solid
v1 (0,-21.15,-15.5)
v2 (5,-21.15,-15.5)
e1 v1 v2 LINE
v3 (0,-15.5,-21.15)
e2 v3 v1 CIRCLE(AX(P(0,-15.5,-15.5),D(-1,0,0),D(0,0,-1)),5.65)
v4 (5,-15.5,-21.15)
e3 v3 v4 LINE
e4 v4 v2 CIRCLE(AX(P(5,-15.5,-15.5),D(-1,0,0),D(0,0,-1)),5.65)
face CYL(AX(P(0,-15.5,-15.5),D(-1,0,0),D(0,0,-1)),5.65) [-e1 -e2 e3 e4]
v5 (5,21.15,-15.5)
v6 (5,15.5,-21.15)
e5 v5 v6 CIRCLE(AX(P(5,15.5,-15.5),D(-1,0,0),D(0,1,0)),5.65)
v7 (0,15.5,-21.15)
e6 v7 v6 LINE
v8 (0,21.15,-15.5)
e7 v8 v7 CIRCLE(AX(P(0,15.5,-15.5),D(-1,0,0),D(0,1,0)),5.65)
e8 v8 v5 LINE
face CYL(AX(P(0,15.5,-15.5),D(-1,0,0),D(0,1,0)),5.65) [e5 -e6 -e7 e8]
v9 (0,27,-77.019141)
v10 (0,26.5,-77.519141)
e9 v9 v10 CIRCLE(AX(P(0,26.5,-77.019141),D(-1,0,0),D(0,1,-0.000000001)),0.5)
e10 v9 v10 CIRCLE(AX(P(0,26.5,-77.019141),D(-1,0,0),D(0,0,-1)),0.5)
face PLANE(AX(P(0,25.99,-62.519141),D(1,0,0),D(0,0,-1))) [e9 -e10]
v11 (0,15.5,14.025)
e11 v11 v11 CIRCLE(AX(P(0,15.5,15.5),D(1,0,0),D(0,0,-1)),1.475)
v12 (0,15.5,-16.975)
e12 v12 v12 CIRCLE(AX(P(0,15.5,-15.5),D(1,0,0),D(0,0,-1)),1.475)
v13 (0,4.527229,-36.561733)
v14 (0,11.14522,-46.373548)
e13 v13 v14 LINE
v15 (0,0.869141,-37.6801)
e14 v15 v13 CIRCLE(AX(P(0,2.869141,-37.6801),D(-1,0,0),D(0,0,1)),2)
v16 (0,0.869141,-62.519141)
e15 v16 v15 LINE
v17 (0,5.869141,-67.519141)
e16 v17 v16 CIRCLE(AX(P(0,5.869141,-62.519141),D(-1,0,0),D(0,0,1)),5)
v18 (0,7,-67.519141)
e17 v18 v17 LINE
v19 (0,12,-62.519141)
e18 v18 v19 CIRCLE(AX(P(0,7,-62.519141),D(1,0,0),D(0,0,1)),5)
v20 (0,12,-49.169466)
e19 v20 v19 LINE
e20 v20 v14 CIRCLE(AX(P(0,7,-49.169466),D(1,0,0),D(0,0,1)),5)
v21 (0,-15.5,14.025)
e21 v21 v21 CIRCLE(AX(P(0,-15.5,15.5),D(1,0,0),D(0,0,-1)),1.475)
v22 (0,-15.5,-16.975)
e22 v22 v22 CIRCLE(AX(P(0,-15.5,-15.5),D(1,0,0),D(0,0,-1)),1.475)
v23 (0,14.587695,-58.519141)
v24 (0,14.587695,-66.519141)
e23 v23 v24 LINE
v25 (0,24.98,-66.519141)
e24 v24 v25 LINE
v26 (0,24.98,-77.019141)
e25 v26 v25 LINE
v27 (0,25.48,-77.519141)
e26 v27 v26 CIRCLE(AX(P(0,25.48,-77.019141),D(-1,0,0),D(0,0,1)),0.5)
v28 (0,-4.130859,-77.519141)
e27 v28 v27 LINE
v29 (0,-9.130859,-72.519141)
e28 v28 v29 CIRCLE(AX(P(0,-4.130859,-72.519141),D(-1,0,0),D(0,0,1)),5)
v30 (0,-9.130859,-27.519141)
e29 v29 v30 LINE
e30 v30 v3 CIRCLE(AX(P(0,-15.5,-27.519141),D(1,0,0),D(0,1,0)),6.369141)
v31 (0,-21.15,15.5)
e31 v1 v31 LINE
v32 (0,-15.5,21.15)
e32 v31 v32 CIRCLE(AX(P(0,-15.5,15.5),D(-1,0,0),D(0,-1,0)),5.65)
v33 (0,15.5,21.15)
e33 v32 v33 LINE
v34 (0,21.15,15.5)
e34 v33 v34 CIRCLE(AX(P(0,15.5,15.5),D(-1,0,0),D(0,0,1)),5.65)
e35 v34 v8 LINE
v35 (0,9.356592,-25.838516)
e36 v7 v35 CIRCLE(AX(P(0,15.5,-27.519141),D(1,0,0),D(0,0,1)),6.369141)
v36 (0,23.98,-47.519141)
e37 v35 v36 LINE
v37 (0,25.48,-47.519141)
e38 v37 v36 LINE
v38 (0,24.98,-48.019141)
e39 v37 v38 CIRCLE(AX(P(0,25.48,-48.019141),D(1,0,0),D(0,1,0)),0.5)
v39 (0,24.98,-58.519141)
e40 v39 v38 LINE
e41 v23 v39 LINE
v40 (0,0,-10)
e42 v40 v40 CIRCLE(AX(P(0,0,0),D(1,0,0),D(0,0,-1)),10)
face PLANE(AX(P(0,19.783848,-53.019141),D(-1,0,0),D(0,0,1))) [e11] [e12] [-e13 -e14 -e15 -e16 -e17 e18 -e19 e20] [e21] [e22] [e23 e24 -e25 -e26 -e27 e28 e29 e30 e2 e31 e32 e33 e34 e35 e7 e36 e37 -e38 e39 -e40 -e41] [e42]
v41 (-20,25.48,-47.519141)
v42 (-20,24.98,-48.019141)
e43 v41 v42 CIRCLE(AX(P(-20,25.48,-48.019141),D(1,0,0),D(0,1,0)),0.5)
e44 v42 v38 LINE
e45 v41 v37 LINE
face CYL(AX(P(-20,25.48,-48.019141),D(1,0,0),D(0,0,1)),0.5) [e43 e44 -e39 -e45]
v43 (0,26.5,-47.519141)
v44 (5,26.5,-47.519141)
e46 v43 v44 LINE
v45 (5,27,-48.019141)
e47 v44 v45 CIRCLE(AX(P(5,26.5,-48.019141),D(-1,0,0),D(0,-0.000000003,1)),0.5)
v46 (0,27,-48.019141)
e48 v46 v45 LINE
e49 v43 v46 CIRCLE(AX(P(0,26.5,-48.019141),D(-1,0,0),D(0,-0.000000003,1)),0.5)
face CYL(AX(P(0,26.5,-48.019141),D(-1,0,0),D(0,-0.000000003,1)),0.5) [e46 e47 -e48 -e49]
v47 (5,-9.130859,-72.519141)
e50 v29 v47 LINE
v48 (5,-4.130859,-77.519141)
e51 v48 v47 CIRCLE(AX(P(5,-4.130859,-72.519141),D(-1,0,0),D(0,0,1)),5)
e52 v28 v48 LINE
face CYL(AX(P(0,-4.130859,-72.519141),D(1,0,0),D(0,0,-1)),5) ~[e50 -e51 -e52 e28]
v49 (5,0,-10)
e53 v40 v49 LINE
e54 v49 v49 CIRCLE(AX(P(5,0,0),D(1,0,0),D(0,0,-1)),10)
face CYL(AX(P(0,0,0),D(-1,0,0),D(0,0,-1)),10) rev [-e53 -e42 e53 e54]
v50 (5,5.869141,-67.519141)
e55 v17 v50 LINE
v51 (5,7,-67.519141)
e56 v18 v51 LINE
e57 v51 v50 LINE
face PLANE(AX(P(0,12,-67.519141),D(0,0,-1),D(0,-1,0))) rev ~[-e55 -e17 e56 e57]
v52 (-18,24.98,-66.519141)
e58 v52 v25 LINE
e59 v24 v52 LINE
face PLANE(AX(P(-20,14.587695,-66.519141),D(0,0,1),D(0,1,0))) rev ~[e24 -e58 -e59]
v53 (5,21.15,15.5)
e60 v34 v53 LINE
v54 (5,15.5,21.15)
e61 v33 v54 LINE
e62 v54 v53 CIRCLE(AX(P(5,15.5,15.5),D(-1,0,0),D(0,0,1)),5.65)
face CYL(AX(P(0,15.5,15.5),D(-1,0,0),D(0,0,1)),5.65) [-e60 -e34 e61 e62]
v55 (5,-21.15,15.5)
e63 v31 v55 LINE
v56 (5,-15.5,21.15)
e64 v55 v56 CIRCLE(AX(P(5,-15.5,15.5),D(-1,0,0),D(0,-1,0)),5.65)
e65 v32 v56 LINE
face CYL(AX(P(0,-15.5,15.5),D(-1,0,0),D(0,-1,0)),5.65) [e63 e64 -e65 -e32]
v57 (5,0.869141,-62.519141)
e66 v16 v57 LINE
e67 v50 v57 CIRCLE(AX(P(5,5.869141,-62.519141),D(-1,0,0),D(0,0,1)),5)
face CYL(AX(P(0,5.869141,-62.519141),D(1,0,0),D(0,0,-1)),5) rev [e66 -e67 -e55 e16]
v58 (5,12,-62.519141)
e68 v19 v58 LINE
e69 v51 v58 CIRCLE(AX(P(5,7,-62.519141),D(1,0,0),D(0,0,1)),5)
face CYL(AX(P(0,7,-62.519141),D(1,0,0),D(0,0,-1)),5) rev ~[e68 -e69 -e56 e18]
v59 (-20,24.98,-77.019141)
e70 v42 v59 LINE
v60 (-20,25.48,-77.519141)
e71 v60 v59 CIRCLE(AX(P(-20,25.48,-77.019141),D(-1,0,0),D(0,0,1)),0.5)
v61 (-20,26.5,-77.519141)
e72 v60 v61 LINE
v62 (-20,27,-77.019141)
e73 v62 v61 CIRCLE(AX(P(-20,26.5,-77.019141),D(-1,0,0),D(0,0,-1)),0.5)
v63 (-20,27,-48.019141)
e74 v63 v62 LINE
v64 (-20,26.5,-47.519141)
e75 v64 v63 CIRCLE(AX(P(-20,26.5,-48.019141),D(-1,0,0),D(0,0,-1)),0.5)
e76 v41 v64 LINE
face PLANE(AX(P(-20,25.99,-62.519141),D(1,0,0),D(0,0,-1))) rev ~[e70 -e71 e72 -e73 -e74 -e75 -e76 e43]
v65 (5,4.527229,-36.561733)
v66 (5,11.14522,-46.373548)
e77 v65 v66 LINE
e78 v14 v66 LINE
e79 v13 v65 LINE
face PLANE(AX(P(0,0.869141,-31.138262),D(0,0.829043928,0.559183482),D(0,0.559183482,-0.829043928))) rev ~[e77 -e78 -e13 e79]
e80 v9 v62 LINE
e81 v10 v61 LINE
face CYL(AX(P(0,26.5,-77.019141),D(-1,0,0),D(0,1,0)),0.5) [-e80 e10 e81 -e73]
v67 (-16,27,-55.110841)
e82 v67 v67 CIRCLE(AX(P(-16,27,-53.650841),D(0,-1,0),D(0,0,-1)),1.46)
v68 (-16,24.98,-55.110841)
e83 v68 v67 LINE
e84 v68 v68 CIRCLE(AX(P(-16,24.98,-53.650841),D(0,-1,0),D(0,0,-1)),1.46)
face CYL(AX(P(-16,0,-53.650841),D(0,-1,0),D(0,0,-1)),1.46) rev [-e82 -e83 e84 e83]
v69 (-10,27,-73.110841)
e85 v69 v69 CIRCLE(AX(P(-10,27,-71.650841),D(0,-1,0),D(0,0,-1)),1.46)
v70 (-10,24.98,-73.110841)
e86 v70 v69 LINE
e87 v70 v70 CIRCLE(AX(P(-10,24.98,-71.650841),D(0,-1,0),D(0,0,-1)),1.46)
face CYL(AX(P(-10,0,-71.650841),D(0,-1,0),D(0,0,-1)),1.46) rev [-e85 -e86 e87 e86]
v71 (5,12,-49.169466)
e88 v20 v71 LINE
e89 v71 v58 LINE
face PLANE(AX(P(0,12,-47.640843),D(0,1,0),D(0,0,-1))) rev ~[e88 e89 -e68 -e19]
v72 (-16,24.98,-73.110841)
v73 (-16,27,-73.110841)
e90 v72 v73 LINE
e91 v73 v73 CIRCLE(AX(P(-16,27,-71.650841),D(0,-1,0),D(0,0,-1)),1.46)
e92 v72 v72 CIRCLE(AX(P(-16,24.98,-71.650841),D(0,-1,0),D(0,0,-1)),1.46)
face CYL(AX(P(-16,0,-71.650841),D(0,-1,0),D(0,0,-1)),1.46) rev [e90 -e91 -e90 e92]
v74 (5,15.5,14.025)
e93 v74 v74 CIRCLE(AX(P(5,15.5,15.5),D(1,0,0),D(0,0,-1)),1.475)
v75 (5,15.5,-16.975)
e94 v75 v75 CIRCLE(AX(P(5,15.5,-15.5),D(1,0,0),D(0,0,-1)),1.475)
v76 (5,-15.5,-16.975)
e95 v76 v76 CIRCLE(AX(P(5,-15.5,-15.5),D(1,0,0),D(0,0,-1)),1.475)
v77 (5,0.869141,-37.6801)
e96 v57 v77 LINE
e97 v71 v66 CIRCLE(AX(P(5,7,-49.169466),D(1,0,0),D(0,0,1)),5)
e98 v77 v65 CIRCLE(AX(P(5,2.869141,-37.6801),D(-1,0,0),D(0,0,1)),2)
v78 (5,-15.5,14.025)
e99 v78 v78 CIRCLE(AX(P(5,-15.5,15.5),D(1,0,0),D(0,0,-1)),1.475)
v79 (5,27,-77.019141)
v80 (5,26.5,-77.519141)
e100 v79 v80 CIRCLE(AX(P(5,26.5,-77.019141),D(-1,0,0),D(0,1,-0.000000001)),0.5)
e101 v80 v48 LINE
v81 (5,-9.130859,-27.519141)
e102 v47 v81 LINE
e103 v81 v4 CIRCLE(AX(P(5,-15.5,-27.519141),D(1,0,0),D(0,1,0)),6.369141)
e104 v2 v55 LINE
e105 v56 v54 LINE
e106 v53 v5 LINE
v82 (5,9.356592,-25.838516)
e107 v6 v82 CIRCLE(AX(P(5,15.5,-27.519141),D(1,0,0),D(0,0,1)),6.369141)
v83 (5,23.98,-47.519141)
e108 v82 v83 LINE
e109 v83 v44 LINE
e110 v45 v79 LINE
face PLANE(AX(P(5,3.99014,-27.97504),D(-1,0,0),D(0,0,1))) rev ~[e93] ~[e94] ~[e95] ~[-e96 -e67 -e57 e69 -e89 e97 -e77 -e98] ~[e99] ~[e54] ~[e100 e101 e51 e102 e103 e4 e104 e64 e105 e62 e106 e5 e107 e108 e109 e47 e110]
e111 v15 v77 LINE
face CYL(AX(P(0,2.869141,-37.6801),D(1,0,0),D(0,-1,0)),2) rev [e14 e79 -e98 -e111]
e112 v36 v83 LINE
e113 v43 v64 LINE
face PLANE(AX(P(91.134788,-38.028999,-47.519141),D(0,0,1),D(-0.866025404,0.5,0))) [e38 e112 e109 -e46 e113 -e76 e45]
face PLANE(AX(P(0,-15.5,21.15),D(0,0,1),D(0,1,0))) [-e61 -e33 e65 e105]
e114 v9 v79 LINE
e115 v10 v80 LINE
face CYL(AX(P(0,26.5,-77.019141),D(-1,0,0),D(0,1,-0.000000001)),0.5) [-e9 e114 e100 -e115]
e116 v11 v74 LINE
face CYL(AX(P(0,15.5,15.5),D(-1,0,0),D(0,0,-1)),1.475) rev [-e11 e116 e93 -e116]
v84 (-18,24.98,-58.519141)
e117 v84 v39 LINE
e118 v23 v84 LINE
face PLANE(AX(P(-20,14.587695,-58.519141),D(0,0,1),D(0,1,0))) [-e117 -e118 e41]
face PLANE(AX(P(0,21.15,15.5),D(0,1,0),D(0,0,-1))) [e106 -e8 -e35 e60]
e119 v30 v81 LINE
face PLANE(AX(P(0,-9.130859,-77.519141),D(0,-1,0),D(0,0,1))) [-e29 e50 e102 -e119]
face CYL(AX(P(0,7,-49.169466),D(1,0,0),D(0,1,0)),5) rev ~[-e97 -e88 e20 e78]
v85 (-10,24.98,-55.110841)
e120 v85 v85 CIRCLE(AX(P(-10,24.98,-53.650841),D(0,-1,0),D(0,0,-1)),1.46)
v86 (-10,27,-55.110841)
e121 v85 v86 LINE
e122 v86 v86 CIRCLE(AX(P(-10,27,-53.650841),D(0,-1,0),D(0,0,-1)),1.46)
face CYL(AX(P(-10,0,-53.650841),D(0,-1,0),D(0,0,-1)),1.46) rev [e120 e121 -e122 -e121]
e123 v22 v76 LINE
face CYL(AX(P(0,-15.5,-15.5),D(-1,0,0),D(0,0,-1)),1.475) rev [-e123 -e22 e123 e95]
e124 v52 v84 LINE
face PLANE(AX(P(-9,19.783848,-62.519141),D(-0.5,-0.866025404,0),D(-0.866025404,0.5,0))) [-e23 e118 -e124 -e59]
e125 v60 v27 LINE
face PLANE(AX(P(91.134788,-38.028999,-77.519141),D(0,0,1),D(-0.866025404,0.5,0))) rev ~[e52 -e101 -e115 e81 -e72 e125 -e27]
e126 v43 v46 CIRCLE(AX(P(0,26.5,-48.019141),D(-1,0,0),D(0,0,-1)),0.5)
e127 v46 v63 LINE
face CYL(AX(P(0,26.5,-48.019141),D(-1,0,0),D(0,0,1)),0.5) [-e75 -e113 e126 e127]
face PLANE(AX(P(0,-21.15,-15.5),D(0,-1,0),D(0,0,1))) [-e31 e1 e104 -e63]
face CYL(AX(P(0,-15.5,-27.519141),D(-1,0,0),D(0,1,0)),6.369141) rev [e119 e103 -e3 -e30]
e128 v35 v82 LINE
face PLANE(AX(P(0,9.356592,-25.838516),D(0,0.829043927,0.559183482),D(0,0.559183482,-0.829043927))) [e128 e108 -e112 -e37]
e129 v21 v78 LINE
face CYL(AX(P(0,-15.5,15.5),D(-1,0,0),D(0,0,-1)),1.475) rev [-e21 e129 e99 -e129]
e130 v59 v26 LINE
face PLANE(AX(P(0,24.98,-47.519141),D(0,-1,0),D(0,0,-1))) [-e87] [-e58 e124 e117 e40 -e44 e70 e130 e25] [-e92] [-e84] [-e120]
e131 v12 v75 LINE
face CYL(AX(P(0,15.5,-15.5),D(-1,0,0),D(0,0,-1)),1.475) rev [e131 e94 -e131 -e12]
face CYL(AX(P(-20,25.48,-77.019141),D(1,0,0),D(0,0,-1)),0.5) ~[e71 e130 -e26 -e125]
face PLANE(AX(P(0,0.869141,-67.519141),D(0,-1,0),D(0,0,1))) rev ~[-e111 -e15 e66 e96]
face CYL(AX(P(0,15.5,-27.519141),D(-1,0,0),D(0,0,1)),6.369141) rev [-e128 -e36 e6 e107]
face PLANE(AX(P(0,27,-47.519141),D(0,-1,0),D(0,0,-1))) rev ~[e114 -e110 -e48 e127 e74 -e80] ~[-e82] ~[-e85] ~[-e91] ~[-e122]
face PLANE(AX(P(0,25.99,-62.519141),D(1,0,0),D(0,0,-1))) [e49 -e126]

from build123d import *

# Parameters (mm, degrees)
SKETCH_1_R          = 10
SKETCH_1_R_2        = 1.475
EXTRUDE_1_DEPTH     = 5
FILLET_1_R          = 5
FILLET_2_R          = 5
FILLET_3_R          = 5
FILLET_4_R          = 5
FILLET_5_R          = 2
SKETCH_4_W          = 30
SKETCH_4_H          = 2.02
EXTRUDE_2_DEPTH     = 20
FILLET_11_R         = 0.5
FILLET_12_R         = 0.5
RIB_5_REACH         = 106.233
SKETCH_5_WALL_W     = 231.251388166
SKETCH_5_WALL_H     = 30
SKETCH_12_W         = 11
SKETCH_12_H         = 10.392304845
CUT_EXTRUDE_1_DEPTH = 20
FILLET_14_R         = 0.5
FILLET_15_R         = 0.5
SKETCH_14_R         = 1.46
CUT_EXTRUDE_2_DEPTH = 44


with BuildPart() as part:
    # 草图1 → 凸台-拉伸1 (new body)
    with BuildSketch(Plane(origin=(0, 0, 0), x_dir=(0, 0, -1), z_dir=(1, 0, 0))):
        with BuildLine():
            ThreePointArc((77.019141235, 27), (77.372694625, 26.853553391), (77.519141235, 26.5))
            Line((77.519141235, 26.5), (77.519141235, -9.130858765))
            Line((77.519141235, -9.130858765), (47.519141235, -9.130858765))
            Line((47.519141235, -9.130858765), (27.519141235, -9.130858765))
            ThreePointArc((27.519141235, -9.130858765), (23.015478277, -10.996337043), (21.15, -15.5))
            ThreePointArc((21.15, -15.5), (19.495153314, -19.495153314), (15.5, -21.15))
            Line((15.5, -21.15), (-15.5, -21.15))
            ThreePointArc((-15.5, -21.15), (-19.495153314, -19.495153314), (-21.15, -15.5))
            Line((-21.15, -15.5), (-21.15, 15.5))
            ThreePointArc((-21.15, 15.5), (-19.495153314, 19.495153314), (-15.5, 21.15))
            Line((-15.5, 21.15), (15.5, 21.15))
            ThreePointArc((15.5, 21.15), (19.495153314, 19.495153314), (21.15, 15.5))
            ThreePointArc((21.15, 15.5), (22.456034545, 11.635946336), (25.838516133, 9.356592205))
            Line((25.838516133, 9.356592205), (47.519141235, 23.98))
            Line((47.519141235, 23.98), (47.519141235, 26.5))
            ThreePointArc((47.519141235, 26.5), (47.665587844, 26.853553391), (48.019141235, 27))
            Line((48.019141235, 27), (77.019141235, 27))
        make_face()
        Circle(SKETCH_1_R, mode=Mode.SUBTRACT)
        with Locations((-15.5, -15.5)):
            Circle(SKETCH_1_R_2, mode=Mode.SUBTRACT)
        with Locations((15.5, -15.5)):
            Circle(SKETCH_1_R_2, mode=Mode.SUBTRACT)
        with Locations((15.5, 15.5)):
            Circle(SKETCH_1_R_2, mode=Mode.SUBTRACT)
        with Locations((-15.5, 15.5)):
            Circle(SKETCH_1_R_2, mode=Mode.SUBTRACT)
        Polygon((53.519141235, 0.869141235), (31.13826194, 0.869141235), (47.640843236, 12), (67.519141235, 12), (67.519141235, 0.869141235), (59.519141235, 0.869141235), align=None, mode=Mode.SUBTRACT)
    extrude(amount=EXTRUDE_1_DEPTH)

    # 圆角1
    fillet_1_edges = [part.edges().sort_by_distance(p)[0] for p in [
        (2.5, -9.130858765, -77.519141235),
    ]]
    fillet(fillet_1_edges, radius=FILLET_1_R)

    # 圆角2
    fillet_2_edges = [part.edges().sort_by_distance(p)[0] for p in [
        (2.5, 12, -67.519141235),
    ]]
    fillet(fillet_2_edges, radius=FILLET_2_R)

    # 圆角3
    fillet_3_edges = [part.edges().sort_by_distance(p)[0] for p in [
        (2.5, 12, -47.640843236),
    ]]
    fillet(fillet_3_edges, radius=FILLET_3_R)

    # 圆角4
    fillet_4_edges = [part.edges().sort_by_distance(p)[0] for p in [
        (2.5, 0.869141235, -67.519141235),
    ]]
    fillet(fillet_4_edges, radius=FILLET_4_R)

    # 圆角5
    fillet_5_edges = [part.edges().sort_by_distance(p)[0] for p in [
        (2.5, 0.869141235, -31.13826194),
    ]]
    fillet(fillet_5_edges, radius=FILLET_5_R)

    # 草图4 → 凸台-拉伸2 (add)
    with BuildSketch(Plane(origin=(0, 0, 0), x_dir=(0, 0, -1), z_dir=(1, 0, 0))):
        with Locations((62.519141235, 25.99)):
            Rectangle(SKETCH_4_W, SKETCH_4_H)
    extrude(amount=-EXTRUDE_2_DEPTH)

    # 圆角11
    fillet_11_edges = [part.edges().sort_by_distance(p)[0] for p in [
        (-10, 27, -47.519141235),
    ]]
    fillet(fillet_11_edges, radius=FILLET_11_R)

    # 圆角12
    fillet_12_edges = [part.edges().sort_by_distance(p)[0] for p in [
        (-10, 27, -77.519141235),
    ]]
    fillet(fillet_12_edges, radius=FILLET_12_R)

    # 草图5 wall → 筋5 (add, up to next)
    with BuildSketch(Plane(origin=(-9, 19.783847578, -77.519141235), x_dir=(-0.866025403793, 0.499999999985, 0), z_dir=(-0.499999999985, -0.866025403793, 0)), mode=Mode.PRIVATE) as rib_5_sk1:
        with Locations((0, -15)):
            Rectangle(SKETCH_5_WALL_W, SKETCH_5_WALL_H)
    rib_5_tool1 = extrude(rib_5_sk1.sketch, amount=-RIB_5_REACH, mode=Mode.PRIVATE) - part.part
    add(rib_5_tool1.solids().sort_by_distance((-9, 19.783847578, -77.519141235))[0])

    # 草图12 → 切除-拉伸1 (cut)
    with BuildSketch(Plane.ZY.offset(20)):
        with Locations((-72.019141235, 19.783847578)):
            Rectangle(SKETCH_12_W, SKETCH_12_H)
        with Locations((-53.019141235, 19.783847578)):
            Rectangle(SKETCH_12_W, SKETCH_12_H)
    extrude(amount=-CUT_EXTRUDE_1_DEPTH, mode=Mode.SUBTRACT)

    # 圆角14
    fillet_14_edges = [part.edges().sort_by_distance(p)[0] for p in [
        (-10, 24.98, -77.519141235),
    ]]
    fillet(fillet_14_edges, radius=FILLET_14_R)

    # 圆角15
    fillet_15_edges = [part.edges().sort_by_distance(p)[0] for p in [
        (-10, 24.98, -47.519141235),
    ]]
    fillet(fillet_15_edges, radius=FILLET_15_R)

    # 草图14 → 切除-拉伸2 (cut)
    with BuildSketch(Plane(origin=(0, 0, 0), x_dir=(1, 0, 0), z_dir=(0, 1, 0))):
        with Locations(Location((-10, 71.650840547, 0), (0, 0, 90))):
            Circle(SKETCH_14_R)
        with Locations(Location((-16, 71.650840547, 0), (0, 0, 90))):
            Circle(SKETCH_14_R)
        with Locations(Location((-10, 53.650840547, 0), (0, 0, 90))):
            Circle(SKETCH_14_R)
        with Locations(Location((-16, 53.650840547, 0), (0, 0, 90))):
            Circle(SKETCH_14_R)
    extrude(amount=CUT_EXTRUDE_2_DEPTH, mode=Mode.SUBTRACT)


solid = part.part
